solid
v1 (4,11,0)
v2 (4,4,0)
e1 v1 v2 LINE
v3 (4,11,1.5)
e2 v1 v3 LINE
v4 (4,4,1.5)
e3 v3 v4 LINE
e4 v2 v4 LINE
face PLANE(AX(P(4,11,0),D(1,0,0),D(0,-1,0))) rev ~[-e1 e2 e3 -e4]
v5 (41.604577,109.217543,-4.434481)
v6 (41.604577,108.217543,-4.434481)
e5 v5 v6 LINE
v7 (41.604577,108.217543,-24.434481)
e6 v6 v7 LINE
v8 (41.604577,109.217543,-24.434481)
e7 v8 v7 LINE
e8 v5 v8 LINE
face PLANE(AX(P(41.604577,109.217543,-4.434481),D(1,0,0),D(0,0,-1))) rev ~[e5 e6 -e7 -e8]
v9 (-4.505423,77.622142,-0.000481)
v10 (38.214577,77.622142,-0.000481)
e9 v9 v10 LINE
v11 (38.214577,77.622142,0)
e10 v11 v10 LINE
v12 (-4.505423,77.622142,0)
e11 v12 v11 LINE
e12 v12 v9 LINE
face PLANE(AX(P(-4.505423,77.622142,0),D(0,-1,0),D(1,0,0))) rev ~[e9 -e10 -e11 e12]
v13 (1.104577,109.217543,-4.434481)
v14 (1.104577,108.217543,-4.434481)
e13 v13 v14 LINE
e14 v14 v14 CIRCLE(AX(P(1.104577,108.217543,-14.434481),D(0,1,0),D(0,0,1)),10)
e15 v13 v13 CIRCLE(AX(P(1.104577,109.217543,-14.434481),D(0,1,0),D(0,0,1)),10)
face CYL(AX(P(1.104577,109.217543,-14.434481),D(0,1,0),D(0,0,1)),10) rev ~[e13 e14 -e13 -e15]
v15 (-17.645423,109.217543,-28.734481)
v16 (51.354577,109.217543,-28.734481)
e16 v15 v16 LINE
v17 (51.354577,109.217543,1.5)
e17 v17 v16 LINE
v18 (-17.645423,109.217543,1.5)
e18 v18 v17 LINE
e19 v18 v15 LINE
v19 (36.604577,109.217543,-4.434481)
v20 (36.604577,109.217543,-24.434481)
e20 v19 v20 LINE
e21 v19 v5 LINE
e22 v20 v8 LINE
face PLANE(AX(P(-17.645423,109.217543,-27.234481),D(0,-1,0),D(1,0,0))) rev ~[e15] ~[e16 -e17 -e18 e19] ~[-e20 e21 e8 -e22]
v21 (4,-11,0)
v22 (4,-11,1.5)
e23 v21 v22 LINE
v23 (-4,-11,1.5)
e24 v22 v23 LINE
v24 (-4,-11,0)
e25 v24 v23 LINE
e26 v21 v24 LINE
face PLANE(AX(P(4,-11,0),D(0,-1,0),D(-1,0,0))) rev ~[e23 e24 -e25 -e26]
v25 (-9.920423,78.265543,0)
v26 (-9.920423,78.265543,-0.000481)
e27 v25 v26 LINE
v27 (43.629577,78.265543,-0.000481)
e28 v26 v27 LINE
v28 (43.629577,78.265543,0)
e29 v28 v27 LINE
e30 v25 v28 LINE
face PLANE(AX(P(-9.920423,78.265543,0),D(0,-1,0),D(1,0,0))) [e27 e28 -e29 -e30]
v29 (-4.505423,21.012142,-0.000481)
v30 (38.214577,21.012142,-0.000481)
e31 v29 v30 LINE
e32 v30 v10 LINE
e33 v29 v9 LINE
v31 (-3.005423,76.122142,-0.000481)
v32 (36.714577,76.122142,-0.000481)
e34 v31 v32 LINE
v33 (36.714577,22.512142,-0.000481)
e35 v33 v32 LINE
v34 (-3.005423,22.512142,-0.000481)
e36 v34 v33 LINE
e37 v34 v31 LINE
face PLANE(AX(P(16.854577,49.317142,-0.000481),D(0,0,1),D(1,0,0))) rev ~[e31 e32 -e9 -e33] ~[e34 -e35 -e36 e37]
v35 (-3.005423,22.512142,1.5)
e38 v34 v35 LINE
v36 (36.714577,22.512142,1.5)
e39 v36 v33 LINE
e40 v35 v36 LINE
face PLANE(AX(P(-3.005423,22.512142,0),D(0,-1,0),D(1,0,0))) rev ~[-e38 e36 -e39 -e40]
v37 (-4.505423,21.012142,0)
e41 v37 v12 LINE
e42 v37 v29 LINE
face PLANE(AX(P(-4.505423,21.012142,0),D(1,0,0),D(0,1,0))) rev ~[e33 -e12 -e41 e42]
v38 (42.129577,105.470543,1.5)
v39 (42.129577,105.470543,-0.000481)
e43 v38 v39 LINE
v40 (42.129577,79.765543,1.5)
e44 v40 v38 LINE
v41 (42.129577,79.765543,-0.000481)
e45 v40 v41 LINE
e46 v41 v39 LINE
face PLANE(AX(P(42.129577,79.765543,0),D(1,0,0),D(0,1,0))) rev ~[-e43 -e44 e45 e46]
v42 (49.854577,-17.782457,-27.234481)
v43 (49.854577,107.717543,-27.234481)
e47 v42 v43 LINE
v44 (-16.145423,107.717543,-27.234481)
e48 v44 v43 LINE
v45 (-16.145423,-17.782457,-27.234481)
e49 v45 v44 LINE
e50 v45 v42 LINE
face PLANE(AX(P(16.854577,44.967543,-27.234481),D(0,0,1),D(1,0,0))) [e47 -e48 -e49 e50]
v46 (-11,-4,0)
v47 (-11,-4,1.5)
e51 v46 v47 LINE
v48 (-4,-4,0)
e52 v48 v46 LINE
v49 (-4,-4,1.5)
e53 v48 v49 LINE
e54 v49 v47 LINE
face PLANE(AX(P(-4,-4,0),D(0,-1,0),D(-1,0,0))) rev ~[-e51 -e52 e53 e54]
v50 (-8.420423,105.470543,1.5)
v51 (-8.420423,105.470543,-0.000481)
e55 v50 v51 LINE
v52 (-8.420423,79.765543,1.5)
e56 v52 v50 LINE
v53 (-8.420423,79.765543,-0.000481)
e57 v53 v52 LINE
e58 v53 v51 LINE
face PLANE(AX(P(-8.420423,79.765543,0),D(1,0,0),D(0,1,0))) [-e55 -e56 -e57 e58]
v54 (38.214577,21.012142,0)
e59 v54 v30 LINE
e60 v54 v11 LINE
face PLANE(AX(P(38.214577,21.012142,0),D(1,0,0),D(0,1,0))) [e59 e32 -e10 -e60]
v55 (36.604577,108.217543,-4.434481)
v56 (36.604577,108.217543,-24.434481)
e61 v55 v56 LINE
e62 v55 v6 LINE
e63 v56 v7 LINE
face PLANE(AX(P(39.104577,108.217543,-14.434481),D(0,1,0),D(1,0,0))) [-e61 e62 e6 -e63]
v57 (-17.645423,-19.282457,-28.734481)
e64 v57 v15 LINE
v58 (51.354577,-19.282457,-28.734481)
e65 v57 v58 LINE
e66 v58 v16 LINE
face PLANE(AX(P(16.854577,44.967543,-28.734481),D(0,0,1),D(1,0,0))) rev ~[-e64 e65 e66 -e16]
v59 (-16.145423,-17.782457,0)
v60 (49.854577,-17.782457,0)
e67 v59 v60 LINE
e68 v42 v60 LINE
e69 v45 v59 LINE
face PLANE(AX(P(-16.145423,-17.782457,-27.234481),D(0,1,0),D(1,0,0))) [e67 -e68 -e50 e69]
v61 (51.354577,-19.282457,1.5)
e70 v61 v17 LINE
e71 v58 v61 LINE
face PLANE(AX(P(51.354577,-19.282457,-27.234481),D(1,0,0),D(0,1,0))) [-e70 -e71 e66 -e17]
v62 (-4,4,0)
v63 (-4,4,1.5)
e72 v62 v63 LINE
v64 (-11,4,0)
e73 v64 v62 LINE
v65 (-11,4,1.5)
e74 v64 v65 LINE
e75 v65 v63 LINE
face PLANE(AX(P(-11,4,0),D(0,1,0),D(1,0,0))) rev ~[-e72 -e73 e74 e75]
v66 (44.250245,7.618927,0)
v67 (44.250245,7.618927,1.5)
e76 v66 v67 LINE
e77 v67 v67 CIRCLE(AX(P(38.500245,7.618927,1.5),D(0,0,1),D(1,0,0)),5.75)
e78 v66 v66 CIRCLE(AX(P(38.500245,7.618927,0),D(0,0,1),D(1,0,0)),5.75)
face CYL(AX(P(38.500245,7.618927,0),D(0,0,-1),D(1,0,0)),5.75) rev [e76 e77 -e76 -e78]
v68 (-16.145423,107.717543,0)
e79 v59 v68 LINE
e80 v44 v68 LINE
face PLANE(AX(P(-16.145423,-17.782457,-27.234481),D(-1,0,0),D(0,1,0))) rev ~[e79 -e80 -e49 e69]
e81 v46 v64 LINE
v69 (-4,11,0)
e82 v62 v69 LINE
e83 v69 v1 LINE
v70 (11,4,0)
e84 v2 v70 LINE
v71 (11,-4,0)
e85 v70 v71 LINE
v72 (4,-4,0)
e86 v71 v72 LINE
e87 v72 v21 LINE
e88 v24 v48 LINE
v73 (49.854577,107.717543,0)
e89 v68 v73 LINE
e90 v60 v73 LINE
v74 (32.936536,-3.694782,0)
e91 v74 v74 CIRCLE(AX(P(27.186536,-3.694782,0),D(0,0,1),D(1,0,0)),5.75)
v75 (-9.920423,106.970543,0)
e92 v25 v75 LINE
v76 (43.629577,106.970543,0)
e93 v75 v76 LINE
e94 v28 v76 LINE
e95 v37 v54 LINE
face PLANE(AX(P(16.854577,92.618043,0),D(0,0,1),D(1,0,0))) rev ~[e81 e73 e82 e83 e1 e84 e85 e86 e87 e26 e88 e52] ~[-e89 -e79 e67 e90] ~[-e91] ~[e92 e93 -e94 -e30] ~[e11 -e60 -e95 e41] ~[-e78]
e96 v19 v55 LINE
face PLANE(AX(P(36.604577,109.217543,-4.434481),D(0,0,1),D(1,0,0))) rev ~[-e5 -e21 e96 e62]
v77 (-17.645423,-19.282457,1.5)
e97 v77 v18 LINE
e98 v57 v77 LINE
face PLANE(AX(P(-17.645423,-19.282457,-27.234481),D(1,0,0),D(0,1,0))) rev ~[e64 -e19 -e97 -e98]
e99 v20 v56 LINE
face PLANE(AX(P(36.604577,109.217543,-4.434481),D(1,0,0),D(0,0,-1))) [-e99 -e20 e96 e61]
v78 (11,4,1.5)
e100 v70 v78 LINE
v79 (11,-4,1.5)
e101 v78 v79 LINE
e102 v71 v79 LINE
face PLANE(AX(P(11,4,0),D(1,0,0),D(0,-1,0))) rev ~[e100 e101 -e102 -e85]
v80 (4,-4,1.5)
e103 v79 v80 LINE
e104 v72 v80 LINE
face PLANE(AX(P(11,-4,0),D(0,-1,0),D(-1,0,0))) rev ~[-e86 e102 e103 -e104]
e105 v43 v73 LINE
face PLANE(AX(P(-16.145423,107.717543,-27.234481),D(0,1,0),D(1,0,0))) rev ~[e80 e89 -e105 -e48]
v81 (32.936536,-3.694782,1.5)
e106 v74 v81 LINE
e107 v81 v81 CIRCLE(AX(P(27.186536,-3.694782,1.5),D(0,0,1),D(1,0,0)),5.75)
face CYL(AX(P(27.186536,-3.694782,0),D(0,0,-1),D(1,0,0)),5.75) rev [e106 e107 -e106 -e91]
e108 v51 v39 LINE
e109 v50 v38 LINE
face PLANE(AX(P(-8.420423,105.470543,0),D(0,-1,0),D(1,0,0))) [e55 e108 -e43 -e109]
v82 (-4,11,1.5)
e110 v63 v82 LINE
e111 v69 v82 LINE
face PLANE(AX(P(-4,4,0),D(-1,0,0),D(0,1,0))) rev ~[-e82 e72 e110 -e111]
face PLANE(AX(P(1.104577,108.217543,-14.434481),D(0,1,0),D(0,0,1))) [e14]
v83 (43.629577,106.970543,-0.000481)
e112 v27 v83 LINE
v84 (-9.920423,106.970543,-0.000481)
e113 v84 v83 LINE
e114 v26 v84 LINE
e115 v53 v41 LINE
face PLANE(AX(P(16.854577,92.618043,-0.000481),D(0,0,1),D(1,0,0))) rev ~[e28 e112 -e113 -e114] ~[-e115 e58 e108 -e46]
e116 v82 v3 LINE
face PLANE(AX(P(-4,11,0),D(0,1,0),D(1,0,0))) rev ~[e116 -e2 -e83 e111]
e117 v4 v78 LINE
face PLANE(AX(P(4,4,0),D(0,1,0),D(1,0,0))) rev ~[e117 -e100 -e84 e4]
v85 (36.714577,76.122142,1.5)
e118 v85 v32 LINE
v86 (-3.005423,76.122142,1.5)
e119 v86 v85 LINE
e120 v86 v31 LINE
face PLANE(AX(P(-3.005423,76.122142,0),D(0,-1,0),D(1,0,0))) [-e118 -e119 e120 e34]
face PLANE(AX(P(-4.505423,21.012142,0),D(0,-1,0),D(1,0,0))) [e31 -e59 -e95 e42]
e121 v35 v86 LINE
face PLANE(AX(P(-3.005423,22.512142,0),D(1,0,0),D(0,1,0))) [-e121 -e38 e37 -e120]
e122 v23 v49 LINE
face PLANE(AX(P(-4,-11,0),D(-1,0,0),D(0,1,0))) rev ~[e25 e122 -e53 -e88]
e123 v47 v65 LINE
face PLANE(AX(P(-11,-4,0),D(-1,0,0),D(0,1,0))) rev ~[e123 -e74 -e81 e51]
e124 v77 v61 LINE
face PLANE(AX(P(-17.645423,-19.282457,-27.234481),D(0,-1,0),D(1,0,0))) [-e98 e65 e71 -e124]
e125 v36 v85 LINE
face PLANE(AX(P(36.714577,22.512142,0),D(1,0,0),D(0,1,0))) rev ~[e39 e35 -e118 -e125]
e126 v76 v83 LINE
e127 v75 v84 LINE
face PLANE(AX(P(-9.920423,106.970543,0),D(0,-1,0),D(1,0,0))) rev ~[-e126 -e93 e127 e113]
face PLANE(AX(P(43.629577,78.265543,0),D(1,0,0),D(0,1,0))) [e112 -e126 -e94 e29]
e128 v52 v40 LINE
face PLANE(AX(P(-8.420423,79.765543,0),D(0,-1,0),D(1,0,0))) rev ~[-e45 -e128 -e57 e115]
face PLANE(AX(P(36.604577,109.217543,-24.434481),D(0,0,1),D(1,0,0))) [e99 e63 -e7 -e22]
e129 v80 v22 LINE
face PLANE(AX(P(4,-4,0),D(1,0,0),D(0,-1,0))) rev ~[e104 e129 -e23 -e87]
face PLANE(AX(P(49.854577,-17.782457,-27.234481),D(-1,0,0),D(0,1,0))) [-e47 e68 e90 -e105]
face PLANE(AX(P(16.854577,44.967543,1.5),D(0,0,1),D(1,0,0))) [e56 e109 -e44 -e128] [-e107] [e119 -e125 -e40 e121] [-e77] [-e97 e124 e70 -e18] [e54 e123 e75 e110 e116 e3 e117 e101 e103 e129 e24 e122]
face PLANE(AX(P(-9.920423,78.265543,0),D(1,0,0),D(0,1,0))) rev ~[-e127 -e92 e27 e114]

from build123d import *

# Parameters (mm, degrees)
SKETCH1_W           = 66
SKETCH1_H           = 125.5
SKETCH1_R           = 5.75
SKETCH1_W_2         = 50.55
SKETCH1_H_2         = 25.705
SKETCH1_W_3         = 39.72
SKETCH1_H_3         = 53.61
SKETCH1_W_4         = 42.72
SKETCH1_H_4         = 56.61
SKETCH1_W_5         = 53.55
SKETCH1_H_5         = 28.705
BOSS_EXTRUDE1_DEPTH = 1.5
SKETCH1_3_W         = 42.72
SKETCH1_3_H         = 56.61
SKETCH1_3_W_2       = 39.72
SKETCH1_3_H_2       = 53.61
BOSS_EXTRUDE2_DEPTH = 0.000481454
SKETCH1_4_W         = 53.55
SKETCH1_4_H         = 28.705
SKETCH1_4_W_2       = 50.55
SKETCH1_4_H_2       = 25.705
BOSS_EXTRUDE3_DEPTH = 0.000481454
BOSS_EXTRUDE4_START = -27.234481
SKETCH1_5_W         = 69
SKETCH1_5_H         = 128.5
SKETCH1_5_W_2       = 66
SKETCH1_5_H_2       = 125.5
BOSS_EXTRUDE4_DEPTH = 28.734481
BOSS_EXTRUDE5_START = -27.234481
SKETCH1_6_W         = 69
SKETCH1_6_H         = 128.5
BOSS_EXTRUDE5_DEPTH = 1.5
SKETCH2_R           = 10
SKETCH2_W           = 5
SKETCH2_H           = 20
CUT_EXTRUDE1_DEPTH  = 1


with BuildPart() as part:
    # Sketch1 → Boss-Extrude1 (new body)
    # profile 1 of 3: a face of its own
    with BuildSketch(Plane.XY):
        with Locations((16.854577092, 44.967543122)):
            Rectangle(SKETCH1_W, SKETCH1_H)
        with Locations((38.500244774, 7.618926737)):
            Circle(SKETCH1_R, mode=Mode.SUBTRACT)
        with Locations((27.186536275, -3.694781762)):
            Circle(SKETCH1_R, mode=Mode.SUBTRACT)
        with Locations((16.854577092, 92.618043122)):
            Rectangle(SKETCH1_W_2, SKETCH1_H_2, mode=Mode.SUBTRACT)
        with Locations((16.854577092, 49.317142331)):
            Rectangle(SKETCH1_W_3, SKETCH1_H_3, mode=Mode.SUBTRACT)
        Polygon((4, -11), (-4, -11), (-4, -4), (-11, -4), (-11, 4), (-4, 4), (-4, 11), (4, 11), (4, 4), (11, 4), (11, -4), (4, -4), align=None, mode=Mode.SUBTRACT)
    # profile 2 of 3: a face of its own
    with BuildSketch(Plane.XY):
        with Locations((16.854577092, 49.317142331)):
            Rectangle(SKETCH1_W_4, SKETCH1_H_4)
        with Locations((16.854577092, 49.317142331)):
            Rectangle(SKETCH1_W_3, SKETCH1_H_3, mode=Mode.SUBTRACT)
    # profile 3 of 3: a face of its own
    with BuildSketch(Plane.XY):
        with Locations((16.854577092, 92.618043122)):
            Rectangle(SKETCH1_W_5, SKETCH1_H_5)
        with Locations((16.854577092, 92.618043122)):
            Rectangle(SKETCH1_W_2, SKETCH1_H_2, mode=Mode.SUBTRACT)
    extrude(amount=BOSS_EXTRUDE1_DEPTH)

    # Sketch1<3> → Boss-Extrude2 (add)
    with BuildSketch(Plane.XY):
        with Locations((16.854577092, 49.317142331)):
            Rectangle(SKETCH1_3_W, SKETCH1_3_H)
        with Locations((16.854577092, 49.317142331)):
            Rectangle(SKETCH1_3_W_2, SKETCH1_3_H_2, mode=Mode.SUBTRACT)
    extrude(amount=-BOSS_EXTRUDE2_DEPTH)

    # Sketch1<4> → Boss-Extrude3 (add)
    with BuildSketch(Plane.XY):
        with Locations((16.854577092, 92.618043122)):
            Rectangle(SKETCH1_4_W, SKETCH1_4_H)
        with Locations((16.854577092, 92.618043122)):
            Rectangle(SKETCH1_4_W_2, SKETCH1_4_H_2, mode=Mode.SUBTRACT)
    extrude(amount=-BOSS_EXTRUDE3_DEPTH)

    # Sketch1<5> → Boss-Extrude4 (add)
    with BuildSketch(Plane.XY.offset(BOSS_EXTRUDE4_START)):
        with Locations((16.854577092, 44.967543122)):
            Rectangle(SKETCH1_5_W, SKETCH1_5_H)
        with Locations((16.854577092, 44.967543122)):
            Rectangle(SKETCH1_5_W_2, SKETCH1_5_H_2, mode=Mode.SUBTRACT)
    extrude(amount=BOSS_EXTRUDE4_DEPTH)

    # Sketch1<6> → Boss-Extrude5 (add)
    with BuildSketch(Plane.XY.offset(BOSS_EXTRUDE5_START)):
        with Locations((16.854577092, 44.967543122)):
            Rectangle(SKETCH1_6_W, SKETCH1_6_H)
    extrude(amount=-BOSS_EXTRUDE5_DEPTH)

    # Sketch2 → Cut-Extrude1 (cut)
    with BuildSketch(Plane(origin=(0, 109.217543122, 0), x_dir=(1, 0, 0), z_dir=(0, 1, 0))):
        with Locations(Location((1.104577092, 14.434481454, 0), (0, 0, 270))):
            Circle(SKETCH2_R)
        with Locations((39.104577092, 14.434481454)):
            Rectangle(SKETCH2_W, SKETCH2_H)
    extrude(amount=-CUT_EXTRUDE1_DEPTH, mode=Mode.SUBTRACT)


solid = part.part
